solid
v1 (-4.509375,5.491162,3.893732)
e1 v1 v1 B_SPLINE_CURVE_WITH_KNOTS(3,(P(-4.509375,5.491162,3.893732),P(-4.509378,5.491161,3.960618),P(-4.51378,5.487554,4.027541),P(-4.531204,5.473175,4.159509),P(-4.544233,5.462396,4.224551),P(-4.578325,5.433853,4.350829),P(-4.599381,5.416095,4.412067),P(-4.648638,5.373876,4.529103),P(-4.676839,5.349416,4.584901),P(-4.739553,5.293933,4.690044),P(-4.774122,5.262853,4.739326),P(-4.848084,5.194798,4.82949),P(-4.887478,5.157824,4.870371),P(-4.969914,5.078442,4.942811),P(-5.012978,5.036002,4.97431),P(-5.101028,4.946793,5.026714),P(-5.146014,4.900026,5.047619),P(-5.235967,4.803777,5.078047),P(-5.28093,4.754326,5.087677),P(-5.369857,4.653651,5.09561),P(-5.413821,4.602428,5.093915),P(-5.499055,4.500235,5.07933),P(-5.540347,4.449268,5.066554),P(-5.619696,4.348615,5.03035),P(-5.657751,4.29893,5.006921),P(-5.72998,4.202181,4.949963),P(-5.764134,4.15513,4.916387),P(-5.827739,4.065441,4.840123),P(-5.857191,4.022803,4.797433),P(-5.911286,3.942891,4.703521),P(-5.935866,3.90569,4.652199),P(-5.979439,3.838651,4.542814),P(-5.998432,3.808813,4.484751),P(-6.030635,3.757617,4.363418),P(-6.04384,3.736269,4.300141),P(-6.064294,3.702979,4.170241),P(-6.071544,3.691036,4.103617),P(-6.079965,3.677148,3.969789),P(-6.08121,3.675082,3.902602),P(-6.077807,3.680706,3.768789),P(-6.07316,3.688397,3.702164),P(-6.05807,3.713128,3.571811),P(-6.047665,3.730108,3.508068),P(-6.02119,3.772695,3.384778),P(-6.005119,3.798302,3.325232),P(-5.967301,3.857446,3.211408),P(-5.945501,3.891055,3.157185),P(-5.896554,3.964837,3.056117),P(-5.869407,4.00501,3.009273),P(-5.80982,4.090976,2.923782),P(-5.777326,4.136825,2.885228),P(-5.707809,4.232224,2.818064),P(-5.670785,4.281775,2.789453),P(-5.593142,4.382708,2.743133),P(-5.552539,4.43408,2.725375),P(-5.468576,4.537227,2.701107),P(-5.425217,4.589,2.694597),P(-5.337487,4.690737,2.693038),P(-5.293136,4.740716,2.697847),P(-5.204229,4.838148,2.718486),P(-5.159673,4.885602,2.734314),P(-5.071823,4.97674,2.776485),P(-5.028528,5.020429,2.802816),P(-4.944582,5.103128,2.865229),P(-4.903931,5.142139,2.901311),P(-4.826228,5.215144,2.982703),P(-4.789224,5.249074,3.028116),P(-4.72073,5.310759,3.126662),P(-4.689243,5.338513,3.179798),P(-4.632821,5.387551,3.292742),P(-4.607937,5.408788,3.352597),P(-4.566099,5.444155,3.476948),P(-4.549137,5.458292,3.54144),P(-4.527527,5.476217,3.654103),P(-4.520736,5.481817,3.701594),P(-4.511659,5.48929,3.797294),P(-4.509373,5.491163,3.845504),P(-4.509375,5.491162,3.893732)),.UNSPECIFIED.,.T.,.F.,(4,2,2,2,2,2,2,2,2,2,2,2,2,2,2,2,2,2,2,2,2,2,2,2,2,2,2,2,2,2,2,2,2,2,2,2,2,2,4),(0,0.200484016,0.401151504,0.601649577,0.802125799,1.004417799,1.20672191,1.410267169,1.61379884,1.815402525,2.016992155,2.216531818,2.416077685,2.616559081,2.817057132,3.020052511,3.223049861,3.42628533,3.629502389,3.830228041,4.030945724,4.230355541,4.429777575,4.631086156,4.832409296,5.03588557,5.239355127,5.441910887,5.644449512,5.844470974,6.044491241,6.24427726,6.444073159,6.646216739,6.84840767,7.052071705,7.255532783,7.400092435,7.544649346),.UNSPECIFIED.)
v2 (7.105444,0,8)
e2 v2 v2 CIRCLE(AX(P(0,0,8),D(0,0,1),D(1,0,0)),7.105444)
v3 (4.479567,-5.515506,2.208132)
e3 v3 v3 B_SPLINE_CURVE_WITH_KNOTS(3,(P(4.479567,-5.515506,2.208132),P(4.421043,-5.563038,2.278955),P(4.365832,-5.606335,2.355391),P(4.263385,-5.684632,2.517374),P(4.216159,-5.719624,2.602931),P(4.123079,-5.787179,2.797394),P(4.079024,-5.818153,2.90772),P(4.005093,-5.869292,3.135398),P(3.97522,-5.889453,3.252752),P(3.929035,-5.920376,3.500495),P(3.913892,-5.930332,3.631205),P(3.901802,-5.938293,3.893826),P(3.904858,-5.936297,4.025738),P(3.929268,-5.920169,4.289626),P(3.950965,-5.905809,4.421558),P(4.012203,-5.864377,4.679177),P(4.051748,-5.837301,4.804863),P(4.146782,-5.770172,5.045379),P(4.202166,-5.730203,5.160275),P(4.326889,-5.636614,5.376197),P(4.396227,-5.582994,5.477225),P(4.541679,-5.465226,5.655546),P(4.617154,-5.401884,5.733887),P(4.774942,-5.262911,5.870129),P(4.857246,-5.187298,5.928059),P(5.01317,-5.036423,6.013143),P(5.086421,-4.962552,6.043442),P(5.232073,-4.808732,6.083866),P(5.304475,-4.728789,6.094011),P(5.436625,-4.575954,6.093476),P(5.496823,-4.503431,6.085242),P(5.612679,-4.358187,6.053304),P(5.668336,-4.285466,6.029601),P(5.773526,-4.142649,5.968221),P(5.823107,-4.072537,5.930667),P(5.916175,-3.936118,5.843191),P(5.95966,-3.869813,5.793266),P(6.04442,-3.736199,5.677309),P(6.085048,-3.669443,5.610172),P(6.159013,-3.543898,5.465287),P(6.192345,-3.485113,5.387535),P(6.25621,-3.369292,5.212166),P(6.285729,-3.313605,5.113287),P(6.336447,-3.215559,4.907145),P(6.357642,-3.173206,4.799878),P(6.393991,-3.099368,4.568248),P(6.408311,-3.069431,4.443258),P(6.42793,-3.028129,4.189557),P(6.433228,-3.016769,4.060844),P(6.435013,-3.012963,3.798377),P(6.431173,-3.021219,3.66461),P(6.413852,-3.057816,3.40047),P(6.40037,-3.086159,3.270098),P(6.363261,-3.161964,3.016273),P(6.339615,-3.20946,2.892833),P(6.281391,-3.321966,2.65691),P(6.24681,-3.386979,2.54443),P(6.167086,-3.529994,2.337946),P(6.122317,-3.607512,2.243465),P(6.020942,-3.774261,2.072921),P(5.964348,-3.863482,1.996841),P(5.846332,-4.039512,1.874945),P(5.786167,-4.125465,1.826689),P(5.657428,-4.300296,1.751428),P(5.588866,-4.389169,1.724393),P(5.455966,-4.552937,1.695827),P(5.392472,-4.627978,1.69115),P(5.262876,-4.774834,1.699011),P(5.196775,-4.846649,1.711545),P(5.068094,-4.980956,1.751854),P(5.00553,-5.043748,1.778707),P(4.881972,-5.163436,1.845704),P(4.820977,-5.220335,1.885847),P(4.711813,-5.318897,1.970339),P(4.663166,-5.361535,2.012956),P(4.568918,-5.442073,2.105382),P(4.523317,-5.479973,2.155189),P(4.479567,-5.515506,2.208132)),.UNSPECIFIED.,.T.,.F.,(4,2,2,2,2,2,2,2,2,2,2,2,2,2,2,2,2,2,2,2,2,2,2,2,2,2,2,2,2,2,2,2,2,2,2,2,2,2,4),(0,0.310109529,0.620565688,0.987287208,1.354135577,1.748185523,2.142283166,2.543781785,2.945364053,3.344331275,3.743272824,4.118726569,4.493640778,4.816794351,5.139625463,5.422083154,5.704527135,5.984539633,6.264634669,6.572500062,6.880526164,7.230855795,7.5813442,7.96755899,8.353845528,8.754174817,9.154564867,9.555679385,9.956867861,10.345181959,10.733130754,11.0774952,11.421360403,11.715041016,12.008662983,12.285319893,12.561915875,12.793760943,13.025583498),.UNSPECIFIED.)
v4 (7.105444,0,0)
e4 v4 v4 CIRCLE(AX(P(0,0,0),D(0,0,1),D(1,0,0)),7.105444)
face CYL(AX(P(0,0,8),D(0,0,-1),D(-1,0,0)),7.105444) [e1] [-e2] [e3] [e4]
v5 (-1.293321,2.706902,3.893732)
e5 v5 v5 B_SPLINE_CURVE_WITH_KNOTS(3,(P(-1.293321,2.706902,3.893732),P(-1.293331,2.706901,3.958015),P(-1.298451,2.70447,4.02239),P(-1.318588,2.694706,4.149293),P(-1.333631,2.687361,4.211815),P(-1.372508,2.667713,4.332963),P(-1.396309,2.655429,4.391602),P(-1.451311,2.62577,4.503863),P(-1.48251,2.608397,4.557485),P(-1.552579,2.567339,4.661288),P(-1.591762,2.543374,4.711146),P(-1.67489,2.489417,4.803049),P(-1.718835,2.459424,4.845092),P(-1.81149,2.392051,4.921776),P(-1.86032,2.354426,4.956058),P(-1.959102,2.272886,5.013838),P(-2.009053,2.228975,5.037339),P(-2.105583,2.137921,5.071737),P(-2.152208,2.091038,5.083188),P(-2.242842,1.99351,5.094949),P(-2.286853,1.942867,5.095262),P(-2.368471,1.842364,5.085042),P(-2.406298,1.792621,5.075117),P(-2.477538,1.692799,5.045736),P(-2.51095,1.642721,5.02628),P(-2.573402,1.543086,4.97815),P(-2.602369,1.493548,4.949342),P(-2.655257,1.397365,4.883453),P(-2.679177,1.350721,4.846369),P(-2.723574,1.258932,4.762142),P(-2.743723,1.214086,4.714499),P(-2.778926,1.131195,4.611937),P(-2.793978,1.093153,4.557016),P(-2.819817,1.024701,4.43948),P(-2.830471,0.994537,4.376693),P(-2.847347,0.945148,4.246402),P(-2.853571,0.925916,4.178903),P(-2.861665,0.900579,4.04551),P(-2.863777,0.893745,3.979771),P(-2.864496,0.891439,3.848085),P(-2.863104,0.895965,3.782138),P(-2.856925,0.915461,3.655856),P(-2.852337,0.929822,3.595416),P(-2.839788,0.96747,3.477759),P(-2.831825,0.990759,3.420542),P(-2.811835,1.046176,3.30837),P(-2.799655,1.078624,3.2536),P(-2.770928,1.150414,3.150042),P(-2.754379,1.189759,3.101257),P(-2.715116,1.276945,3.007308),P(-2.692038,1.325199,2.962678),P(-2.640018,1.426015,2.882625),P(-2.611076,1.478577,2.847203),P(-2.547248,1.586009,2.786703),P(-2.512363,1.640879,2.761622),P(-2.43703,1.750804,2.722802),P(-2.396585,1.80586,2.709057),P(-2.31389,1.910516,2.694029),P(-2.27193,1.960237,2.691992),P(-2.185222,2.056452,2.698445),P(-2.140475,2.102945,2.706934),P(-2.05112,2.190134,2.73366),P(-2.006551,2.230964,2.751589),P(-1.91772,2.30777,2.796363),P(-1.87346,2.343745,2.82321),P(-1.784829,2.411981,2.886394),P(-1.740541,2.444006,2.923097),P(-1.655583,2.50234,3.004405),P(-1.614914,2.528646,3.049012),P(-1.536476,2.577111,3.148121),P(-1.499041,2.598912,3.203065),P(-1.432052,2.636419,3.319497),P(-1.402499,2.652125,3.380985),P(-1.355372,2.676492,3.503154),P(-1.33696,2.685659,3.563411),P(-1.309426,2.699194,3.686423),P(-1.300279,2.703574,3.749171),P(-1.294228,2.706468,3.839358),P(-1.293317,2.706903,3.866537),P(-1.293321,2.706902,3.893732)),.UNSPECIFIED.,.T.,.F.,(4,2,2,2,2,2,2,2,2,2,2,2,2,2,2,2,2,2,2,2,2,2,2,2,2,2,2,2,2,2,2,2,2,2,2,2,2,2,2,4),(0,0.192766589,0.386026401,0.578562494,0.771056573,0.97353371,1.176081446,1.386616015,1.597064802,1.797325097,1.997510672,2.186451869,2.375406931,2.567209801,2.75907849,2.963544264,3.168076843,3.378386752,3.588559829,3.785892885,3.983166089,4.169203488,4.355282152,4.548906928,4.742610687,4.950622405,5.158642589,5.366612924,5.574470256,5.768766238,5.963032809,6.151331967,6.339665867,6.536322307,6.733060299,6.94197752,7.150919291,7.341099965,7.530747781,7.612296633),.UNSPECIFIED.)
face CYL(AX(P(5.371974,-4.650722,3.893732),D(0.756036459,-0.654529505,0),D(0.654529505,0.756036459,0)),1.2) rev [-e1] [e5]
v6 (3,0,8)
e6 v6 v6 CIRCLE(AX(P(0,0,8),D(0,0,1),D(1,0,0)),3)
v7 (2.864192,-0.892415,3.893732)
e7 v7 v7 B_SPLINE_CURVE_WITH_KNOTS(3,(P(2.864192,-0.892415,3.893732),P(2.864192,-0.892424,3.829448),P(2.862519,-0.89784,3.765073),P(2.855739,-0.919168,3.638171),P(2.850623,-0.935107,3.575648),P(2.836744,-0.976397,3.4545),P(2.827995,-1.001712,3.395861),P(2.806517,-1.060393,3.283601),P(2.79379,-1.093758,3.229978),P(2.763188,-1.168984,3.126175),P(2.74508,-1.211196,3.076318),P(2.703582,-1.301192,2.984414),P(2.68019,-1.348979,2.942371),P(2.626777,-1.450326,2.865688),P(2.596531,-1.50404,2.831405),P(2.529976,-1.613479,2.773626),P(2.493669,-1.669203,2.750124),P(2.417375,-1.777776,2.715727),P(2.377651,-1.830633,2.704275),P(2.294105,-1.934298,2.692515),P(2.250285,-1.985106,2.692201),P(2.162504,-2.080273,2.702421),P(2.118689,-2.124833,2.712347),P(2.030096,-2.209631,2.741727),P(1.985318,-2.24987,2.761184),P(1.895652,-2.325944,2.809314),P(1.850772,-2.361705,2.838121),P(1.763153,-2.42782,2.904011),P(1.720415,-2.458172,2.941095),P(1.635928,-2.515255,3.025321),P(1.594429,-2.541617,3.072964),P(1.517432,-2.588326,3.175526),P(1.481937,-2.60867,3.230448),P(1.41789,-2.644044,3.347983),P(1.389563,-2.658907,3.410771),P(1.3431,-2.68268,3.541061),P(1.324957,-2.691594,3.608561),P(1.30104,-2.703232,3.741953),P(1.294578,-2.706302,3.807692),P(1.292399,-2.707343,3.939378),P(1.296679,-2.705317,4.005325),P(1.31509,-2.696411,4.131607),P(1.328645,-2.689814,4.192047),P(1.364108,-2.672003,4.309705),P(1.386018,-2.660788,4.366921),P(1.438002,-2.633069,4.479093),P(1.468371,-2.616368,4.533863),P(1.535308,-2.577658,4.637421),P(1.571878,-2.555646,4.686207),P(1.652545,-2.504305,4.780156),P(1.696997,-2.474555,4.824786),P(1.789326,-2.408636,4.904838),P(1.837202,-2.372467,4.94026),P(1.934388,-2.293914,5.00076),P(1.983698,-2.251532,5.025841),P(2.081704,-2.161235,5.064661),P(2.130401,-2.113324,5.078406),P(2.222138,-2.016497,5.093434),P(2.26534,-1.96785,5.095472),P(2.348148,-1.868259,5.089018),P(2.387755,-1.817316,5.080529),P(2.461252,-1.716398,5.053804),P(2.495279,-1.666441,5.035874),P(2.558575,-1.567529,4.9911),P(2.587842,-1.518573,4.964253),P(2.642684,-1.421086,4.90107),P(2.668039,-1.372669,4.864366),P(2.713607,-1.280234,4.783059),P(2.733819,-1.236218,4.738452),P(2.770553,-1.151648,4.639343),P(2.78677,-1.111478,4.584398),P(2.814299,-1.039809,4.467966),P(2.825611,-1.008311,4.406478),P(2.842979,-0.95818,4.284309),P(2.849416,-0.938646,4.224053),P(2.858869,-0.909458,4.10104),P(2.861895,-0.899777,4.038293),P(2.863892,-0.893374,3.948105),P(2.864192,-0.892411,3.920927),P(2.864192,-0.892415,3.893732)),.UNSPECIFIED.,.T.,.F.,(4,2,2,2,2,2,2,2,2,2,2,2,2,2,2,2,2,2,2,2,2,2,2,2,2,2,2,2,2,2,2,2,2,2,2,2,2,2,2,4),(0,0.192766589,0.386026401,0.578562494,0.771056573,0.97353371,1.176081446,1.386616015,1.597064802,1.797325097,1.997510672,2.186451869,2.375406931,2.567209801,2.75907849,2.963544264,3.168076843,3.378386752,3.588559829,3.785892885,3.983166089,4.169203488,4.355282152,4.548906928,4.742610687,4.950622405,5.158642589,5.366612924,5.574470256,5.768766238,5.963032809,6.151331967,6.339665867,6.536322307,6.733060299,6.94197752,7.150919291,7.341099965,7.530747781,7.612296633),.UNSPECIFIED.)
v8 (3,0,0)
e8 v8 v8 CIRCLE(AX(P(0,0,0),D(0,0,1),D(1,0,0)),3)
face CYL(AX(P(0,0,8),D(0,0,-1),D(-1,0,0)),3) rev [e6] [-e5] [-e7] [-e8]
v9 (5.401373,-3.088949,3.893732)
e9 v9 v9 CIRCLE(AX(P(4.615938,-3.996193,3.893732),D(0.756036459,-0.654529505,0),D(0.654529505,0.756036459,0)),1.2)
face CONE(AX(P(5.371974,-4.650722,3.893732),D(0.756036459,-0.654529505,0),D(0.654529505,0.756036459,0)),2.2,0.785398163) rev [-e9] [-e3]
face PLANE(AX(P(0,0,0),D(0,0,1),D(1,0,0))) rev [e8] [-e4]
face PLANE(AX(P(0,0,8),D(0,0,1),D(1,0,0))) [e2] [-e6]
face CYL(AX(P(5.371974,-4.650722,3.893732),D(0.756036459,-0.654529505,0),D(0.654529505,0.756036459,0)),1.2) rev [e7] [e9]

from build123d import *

# Parameters (mm, degrees)
SKETCH1_R                                       = 7.105443578
SKETCH1_R_2                                     = 3
BOSS_EXTRUDE3_DEPTH                             = 8
CSK_FOR_M2_FLAT_HEAD_MACHINE_SCREW2_D           = 2.4
CSK_FOR_M2_FLAT_HEAD_MACHINE_SCREW2_CSINK_D     = 4.4
CSK_FOR_M2_FLAT_HEAD_MACHINE_SCREW2_CSINK_ANGLE = 90


with BuildPart() as part:
    # Sketch1 → Boss-Extrude3 (new body)
    with BuildSketch(Plane.XY):
        Circle(SKETCH1_R)
        Circle(SKETCH1_R_2, mode=Mode.SUBTRACT)
    extrude(amount=BOSS_EXTRUDE3_DEPTH)

    # CSK for M2 Flat Head Machine Screw2 (through all)
    with Locations(Plane(origin=(5.371974404, -4.650722466, 3.893731666), x_dir=(0.654529504622, 0.75603645916, 0), z_dir=(0.75603645916, -0.654529504622, 0))):
        with Locations((0, 0)):
            CounterSinkHole(CSK_FOR_M2_FLAT_HEAD_MACHINE_SCREW2_D / 2, CSK_FOR_M2_FLAT_HEAD_MACHINE_SCREW2_CSINK_D / 2, counter_sink_angle=CSK_FOR_M2_FLAT_HEAD_MACHINE_SCREW2_CSINK_ANGLE)


solid = part.part
